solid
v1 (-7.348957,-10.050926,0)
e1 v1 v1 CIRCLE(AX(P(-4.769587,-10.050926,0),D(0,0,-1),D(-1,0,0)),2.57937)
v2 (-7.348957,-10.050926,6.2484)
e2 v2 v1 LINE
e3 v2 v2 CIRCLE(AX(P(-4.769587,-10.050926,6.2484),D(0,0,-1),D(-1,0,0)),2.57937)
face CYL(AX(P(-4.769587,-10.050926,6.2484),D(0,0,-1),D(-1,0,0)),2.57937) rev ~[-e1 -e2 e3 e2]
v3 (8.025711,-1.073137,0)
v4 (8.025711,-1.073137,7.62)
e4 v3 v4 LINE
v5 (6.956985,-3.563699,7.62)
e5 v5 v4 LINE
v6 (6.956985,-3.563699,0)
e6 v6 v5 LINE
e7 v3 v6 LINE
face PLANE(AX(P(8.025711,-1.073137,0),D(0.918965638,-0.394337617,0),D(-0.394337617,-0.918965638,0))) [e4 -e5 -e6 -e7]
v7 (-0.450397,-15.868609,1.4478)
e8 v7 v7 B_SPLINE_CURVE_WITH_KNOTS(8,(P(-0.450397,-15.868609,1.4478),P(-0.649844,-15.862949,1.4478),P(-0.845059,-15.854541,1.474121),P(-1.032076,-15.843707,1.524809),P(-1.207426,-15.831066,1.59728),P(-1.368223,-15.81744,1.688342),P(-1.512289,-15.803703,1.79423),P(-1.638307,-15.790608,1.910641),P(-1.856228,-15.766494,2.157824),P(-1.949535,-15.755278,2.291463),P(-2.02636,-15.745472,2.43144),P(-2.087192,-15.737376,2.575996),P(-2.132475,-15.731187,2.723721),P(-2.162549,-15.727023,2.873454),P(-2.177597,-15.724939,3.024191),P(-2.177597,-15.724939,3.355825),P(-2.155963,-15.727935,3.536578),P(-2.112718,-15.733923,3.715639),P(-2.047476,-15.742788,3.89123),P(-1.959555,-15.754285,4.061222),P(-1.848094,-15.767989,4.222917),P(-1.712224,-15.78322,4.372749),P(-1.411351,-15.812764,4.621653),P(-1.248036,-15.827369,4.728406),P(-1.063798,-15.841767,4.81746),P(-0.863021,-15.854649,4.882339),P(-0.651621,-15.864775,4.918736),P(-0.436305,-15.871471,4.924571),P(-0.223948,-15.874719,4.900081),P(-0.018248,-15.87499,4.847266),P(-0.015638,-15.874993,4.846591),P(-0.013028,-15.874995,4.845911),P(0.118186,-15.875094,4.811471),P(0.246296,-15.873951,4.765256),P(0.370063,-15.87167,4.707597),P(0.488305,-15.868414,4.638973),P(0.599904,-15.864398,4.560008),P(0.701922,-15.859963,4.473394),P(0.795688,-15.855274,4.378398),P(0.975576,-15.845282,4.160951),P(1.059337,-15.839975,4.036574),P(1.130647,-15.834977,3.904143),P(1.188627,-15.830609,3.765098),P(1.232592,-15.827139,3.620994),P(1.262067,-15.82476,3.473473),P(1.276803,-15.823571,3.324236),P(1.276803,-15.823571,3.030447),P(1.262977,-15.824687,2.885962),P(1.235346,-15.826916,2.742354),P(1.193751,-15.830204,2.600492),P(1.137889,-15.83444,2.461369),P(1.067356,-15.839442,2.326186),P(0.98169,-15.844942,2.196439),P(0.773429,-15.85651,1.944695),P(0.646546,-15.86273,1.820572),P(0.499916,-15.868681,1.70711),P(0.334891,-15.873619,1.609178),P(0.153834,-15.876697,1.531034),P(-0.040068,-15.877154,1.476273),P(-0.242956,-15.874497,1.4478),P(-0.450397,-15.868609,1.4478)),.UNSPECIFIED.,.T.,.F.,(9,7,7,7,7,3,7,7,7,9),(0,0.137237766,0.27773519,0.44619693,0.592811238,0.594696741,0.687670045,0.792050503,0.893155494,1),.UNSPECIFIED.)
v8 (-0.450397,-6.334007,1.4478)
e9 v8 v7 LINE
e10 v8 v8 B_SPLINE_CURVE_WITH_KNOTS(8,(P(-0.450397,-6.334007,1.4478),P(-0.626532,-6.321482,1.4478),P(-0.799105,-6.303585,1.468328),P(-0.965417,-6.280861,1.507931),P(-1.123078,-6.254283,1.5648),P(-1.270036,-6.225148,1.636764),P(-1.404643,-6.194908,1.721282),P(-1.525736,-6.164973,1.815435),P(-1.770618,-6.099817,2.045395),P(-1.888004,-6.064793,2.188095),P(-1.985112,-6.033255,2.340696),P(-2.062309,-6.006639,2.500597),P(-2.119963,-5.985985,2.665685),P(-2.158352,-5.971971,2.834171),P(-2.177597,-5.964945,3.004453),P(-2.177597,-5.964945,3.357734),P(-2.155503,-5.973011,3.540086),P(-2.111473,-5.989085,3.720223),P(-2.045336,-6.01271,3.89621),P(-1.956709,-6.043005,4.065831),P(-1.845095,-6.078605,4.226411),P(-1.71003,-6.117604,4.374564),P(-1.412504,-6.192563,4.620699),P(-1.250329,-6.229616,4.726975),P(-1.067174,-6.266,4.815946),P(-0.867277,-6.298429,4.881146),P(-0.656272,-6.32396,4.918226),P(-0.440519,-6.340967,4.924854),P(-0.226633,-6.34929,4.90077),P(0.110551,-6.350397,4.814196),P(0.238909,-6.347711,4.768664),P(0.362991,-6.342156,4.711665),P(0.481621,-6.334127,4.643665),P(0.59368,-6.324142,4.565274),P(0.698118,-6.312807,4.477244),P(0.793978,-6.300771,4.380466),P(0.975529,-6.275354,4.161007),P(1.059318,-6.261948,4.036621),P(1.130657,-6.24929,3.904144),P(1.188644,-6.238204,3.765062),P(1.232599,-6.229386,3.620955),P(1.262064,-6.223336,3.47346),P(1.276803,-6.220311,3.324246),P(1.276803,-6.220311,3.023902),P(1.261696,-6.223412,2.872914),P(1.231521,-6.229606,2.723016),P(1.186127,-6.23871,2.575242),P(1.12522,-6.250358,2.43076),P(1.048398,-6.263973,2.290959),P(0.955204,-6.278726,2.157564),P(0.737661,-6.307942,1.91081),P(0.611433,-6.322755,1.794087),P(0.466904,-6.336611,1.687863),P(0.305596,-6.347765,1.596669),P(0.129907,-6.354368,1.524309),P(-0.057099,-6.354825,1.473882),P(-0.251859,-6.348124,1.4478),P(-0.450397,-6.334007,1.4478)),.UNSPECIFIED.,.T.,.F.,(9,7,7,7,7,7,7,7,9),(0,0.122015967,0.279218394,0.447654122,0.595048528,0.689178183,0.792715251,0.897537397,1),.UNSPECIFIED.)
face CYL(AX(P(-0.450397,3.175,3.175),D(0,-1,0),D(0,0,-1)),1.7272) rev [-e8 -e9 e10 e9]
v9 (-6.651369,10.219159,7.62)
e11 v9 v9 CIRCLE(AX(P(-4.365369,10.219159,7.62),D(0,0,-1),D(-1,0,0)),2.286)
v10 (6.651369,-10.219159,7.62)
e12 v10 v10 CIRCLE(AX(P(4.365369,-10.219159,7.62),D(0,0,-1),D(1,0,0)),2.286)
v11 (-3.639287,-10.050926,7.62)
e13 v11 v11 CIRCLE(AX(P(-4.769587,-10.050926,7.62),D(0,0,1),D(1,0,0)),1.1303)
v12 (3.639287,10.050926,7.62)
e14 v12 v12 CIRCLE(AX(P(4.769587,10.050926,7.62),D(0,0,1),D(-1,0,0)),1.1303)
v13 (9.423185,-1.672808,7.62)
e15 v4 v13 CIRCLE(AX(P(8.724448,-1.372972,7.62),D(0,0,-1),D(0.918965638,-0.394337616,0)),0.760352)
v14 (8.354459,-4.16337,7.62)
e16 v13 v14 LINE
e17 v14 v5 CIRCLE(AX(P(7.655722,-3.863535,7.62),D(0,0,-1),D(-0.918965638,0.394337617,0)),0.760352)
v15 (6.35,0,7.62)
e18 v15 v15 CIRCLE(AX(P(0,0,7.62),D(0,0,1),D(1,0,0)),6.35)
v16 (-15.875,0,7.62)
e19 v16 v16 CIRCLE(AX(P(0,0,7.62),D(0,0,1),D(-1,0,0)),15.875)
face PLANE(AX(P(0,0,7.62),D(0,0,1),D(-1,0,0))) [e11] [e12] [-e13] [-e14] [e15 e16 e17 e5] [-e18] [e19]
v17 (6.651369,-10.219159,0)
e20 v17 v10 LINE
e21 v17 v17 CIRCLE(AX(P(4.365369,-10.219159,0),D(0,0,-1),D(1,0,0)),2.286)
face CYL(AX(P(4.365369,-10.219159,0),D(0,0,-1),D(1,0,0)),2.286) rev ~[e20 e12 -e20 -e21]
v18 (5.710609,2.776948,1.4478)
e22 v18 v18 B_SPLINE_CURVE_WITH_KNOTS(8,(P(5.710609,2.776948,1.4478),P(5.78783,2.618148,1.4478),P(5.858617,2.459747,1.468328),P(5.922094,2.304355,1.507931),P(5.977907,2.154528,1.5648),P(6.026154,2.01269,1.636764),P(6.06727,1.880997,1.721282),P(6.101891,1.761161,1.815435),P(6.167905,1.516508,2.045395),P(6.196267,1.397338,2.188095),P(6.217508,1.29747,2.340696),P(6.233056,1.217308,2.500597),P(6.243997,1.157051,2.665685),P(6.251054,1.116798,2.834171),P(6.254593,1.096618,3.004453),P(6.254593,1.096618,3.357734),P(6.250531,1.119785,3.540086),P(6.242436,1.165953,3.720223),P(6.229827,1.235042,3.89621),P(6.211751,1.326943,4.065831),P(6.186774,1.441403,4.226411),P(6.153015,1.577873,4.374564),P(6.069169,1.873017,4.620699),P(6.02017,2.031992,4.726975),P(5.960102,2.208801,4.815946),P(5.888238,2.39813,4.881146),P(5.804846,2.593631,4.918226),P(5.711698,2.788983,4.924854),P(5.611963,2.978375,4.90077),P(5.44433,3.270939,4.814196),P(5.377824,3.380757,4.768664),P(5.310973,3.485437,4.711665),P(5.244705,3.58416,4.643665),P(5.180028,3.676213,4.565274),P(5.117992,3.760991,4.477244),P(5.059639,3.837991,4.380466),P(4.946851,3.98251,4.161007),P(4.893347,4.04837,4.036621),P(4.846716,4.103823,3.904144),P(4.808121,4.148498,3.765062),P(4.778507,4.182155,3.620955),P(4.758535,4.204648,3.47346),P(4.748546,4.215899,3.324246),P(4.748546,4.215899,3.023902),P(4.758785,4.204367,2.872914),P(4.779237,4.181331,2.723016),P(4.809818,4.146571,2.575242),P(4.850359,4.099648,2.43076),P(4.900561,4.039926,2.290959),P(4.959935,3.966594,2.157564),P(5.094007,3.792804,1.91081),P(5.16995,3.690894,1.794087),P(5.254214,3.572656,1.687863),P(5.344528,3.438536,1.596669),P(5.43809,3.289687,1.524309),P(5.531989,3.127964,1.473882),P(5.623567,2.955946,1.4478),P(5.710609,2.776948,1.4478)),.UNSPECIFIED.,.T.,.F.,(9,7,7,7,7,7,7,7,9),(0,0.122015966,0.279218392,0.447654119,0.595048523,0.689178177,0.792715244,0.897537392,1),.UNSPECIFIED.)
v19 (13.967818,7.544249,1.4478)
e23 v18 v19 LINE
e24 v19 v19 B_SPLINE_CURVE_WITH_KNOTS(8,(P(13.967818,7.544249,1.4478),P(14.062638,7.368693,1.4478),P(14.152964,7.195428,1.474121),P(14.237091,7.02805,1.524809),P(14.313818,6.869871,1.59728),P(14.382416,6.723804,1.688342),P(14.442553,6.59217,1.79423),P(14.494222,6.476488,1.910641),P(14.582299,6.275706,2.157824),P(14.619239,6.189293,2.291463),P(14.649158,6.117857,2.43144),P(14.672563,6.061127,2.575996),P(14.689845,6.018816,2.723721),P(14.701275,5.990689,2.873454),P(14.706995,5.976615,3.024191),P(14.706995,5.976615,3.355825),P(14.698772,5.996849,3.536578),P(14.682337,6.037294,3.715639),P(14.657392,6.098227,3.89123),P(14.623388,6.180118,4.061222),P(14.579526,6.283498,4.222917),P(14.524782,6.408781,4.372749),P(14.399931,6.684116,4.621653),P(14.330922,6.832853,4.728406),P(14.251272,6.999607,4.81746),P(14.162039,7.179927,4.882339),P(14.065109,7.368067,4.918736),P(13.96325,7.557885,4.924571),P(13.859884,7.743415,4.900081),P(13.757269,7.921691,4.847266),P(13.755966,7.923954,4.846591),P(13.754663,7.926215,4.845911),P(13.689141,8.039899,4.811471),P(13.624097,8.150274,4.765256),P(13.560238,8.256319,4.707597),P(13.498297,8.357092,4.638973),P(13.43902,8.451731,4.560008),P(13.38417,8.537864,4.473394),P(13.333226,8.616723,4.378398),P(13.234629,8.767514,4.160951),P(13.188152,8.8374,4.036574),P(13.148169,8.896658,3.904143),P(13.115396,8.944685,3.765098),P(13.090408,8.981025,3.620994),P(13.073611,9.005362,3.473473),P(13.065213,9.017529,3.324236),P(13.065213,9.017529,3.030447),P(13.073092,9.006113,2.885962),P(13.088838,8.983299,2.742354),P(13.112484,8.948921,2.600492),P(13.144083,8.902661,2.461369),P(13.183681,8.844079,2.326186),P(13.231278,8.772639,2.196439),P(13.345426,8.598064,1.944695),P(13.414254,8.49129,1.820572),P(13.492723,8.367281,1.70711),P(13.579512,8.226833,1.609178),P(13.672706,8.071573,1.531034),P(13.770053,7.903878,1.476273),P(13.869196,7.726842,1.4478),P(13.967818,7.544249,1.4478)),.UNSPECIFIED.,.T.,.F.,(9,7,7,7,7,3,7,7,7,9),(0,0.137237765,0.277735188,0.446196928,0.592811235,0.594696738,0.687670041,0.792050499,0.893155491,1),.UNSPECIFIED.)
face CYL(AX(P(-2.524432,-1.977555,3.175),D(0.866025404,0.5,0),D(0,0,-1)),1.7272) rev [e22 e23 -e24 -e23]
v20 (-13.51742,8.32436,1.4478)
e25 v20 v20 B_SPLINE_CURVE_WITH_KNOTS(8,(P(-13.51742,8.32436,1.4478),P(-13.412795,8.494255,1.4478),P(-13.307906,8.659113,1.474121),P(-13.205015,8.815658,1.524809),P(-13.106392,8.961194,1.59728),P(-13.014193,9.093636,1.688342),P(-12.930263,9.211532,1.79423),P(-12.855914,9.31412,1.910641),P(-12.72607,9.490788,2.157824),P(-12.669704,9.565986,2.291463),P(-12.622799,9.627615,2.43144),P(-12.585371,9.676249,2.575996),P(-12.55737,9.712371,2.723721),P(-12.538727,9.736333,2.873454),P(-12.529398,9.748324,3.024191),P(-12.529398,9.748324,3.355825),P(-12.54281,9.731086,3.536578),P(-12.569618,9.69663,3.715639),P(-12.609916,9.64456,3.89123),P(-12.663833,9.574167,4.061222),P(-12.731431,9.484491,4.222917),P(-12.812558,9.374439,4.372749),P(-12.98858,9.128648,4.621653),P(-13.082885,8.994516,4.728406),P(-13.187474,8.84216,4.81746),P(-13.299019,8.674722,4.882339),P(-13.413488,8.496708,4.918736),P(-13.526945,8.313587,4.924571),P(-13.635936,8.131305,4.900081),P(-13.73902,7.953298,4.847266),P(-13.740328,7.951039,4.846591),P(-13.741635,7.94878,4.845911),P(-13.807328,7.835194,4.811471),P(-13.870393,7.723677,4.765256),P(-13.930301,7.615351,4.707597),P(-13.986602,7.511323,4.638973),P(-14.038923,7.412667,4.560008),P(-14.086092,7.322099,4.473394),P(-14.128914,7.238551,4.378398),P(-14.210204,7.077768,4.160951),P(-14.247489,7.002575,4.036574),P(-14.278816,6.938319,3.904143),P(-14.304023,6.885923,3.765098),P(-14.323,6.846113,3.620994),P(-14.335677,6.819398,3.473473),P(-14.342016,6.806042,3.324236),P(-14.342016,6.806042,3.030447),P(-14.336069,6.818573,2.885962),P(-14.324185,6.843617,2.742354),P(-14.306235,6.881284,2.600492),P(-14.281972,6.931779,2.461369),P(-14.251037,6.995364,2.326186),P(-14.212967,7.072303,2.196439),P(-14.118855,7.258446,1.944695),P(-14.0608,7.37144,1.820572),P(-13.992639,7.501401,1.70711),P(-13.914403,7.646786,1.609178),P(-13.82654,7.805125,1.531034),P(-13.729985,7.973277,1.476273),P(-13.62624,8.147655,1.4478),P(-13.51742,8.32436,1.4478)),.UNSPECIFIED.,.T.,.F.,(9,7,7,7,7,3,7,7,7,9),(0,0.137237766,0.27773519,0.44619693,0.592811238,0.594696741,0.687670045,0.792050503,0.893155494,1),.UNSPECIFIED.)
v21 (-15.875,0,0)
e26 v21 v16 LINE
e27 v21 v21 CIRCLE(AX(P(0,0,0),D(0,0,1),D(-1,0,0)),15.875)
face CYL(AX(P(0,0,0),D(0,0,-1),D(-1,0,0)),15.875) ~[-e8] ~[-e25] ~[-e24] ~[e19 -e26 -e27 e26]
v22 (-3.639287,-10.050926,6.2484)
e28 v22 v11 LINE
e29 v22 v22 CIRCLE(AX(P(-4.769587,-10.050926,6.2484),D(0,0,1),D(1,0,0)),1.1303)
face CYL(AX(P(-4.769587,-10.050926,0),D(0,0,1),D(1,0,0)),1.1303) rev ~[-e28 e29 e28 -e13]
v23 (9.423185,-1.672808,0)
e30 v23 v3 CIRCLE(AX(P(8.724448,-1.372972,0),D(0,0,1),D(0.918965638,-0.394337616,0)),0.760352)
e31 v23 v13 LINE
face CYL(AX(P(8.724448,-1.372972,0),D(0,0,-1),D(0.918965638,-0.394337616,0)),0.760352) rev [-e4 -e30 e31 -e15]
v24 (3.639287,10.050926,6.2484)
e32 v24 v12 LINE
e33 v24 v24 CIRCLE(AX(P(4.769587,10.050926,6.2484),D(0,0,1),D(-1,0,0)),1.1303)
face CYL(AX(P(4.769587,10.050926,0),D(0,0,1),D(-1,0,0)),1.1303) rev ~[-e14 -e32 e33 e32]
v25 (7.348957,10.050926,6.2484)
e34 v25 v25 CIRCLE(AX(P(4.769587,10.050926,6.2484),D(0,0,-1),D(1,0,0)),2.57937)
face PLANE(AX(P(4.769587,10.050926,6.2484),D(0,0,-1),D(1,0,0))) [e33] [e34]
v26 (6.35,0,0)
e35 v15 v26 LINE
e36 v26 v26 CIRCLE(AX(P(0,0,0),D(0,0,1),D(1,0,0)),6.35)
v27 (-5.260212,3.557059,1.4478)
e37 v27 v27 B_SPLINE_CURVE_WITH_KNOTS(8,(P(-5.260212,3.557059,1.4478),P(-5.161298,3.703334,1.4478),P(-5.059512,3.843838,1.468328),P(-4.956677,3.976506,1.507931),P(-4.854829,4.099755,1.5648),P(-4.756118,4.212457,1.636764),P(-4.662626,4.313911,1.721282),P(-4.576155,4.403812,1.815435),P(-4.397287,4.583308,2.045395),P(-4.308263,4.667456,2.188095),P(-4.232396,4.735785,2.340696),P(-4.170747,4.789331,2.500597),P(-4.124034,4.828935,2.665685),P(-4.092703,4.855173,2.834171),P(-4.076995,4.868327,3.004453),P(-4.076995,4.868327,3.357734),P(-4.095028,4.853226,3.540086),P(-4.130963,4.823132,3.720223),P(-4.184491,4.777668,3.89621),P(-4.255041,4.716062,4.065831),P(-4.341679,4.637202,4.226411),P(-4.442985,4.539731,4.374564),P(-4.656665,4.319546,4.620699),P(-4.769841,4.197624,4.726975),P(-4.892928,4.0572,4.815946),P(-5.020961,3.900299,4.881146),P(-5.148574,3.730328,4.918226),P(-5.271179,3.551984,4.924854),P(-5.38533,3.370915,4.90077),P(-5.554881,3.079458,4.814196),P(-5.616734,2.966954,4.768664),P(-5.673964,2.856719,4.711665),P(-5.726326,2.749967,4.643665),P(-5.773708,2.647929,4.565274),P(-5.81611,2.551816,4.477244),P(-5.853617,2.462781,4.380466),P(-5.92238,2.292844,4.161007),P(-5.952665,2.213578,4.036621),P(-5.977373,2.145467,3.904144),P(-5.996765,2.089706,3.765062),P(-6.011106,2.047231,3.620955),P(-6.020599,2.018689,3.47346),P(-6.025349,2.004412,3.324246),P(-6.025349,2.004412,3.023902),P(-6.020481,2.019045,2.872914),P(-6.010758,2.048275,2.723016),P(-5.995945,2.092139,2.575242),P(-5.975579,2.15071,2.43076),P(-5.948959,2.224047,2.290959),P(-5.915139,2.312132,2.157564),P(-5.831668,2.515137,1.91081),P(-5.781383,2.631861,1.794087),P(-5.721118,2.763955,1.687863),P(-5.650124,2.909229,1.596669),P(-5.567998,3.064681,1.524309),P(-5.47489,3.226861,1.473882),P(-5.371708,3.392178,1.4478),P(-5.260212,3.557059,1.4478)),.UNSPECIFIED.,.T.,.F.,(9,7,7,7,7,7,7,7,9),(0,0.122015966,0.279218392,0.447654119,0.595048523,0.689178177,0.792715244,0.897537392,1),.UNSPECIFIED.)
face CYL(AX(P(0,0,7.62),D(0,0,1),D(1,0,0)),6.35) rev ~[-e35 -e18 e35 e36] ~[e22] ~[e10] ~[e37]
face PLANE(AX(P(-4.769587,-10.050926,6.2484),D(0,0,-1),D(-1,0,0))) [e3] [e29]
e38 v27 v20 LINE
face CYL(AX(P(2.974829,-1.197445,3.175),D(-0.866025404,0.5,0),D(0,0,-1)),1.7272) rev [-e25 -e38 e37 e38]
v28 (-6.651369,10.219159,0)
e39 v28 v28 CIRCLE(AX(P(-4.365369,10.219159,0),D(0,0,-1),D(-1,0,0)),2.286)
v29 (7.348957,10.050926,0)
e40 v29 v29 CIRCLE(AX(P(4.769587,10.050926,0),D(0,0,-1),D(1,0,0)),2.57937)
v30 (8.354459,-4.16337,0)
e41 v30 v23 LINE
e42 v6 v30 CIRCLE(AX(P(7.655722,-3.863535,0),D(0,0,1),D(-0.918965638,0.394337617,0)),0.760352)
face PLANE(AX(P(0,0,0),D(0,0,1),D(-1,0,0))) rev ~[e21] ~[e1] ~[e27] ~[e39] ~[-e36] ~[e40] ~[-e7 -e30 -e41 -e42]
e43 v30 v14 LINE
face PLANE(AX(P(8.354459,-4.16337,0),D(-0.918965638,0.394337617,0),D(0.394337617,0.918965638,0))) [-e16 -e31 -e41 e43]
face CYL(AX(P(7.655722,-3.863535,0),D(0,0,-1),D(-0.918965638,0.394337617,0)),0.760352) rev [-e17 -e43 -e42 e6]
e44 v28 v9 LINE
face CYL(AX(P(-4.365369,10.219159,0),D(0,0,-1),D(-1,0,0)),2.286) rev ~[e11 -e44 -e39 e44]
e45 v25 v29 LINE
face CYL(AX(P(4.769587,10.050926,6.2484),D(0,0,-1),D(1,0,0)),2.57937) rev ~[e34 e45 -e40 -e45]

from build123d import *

# Parameters (mm, degrees)
SKETCH1_R                                      = 15.875
BOSS_EXTRUDE1_DEPTH                            = 7.62
SKETCH2_R                                      = 6.35
CUT_EXTRUDE1_DEPTH                             = 24.708556472
CIRPATTERN1_COUNT                              = 3
CBORE_FOR_2_BUTTON_HEAD_CAP_SCREW1_D           = 2.2606
CBORE_FOR_2_BUTTON_HEAD_CAP_SCREW1_CBORE_D     = 5.15874
CBORE_FOR_2_BUTTON_HEAD_CAP_SCREW1_CBORE_DEPTH = 6.2484
CIRPATTERN2_COUNT                              = 2
SKETCH42_R                                     = 2.286
CUT_EXTRUDE2_DEPTH                             = 7.62
CIRPATTERN3_COUNT                              = 2
CUT_EXTRUDE3_DEPTH                             = 24.70855664


with BuildPart() as part:
    # Sketch1 → Boss-Extrude1 (new body)
    with BuildSketch(Plane.XY):
        with Locations(Location((0, 0, 0), (0, 0, 180))):
            Circle(SKETCH1_R)
    extrude(amount=BOSS_EXTRUDE1_DEPTH)

    # Sketch2 → Cut-Extrude1 (cut, through all)
    with BuildSketch(Plane.XY.offset(7.62)):
        Circle(SKETCH2_R)
    extrude(amount=-CUT_EXTRUDE1_DEPTH, mode=Mode.SUBTRACT)

    # Sketch36 → Tap Drill for #8-32 Tap1 (revolve, cut)
    with BuildSketch(Plane(origin=(-0.450397279, -15.875, 3.175), x_dir=(0, 0, -1), z_dir=(1, 0, 0))):
        Polygon((0, 0), (0, 20.499292883), (1.7272, 19.05), (1.7272, 0), align=None)
    tap_drill_for_8_32_tap1 = revolve(axis=Axis((-0.450397279, -22.225, 3.175), (0, 1, 0)), mode=Mode.SUBTRACT)

    # CirPattern1: Tap Drill for #8-32 Tap1 ×3 about axis
    cirpattern1_axis = Axis((0, 0, 7.62), (0, 0, -1))
    for i in range(1, CIRPATTERN1_COUNT):
        add(tap_drill_for_8_32_tap1.rotate(cirpattern1_axis, i * 360 / CIRPATTERN1_COUNT), mode=Mode.SUBTRACT)

    # CBORE for #2 Button Head Cap Screw1 (through all)
    with Locations(Plane(origin=(0, 0, 0), x_dir=(-1, 0, 0), z_dir=(0, 0, -1))):
        with Locations((4.769587089, -10.050926029)):
            cbore_for_2_button_head_cap_screw1 = CounterBoreHole(CBORE_FOR_2_BUTTON_HEAD_CAP_SCREW1_D / 2, CBORE_FOR_2_BUTTON_HEAD_CAP_SCREW1_CBORE_D / 2, CBORE_FOR_2_BUTTON_HEAD_CAP_SCREW1_CBORE_DEPTH)

    # CirPattern2: CBORE for #2 Button Head Cap Screw1 ×2 about axis
    cirpattern2_axis = Axis((0, 0, 0), (0, 0, 1))
    for i in range(1, CIRPATTERN2_COUNT):
        add(cbore_for_2_button_head_cap_screw1.rotate(cirpattern2_axis, i * 360 / CIRPATTERN2_COUNT), mode=Mode.SUBTRACT)

    # Sketch42 → Cut-Extrude2 (cut)
    with BuildSketch(Plane(origin=(0, 0, 0), x_dir=(-1, 0, 0), z_dir=(0, 0, -1))):
        with Locations((4.365368762, 10.219159056)):
            Circle(SKETCH42_R)
    cut_extrude2 = extrude(amount=-CUT_EXTRUDE2_DEPTH, mode=Mode.SUBTRACT)

    # CirPattern3: Cut-Extrude2 ×2 about axis
    cirpattern3_axis = Axis((0, 0, 0), (0, 0, 1))
    for i in range(1, CIRPATTERN3_COUNT):
        add(cut_extrude2.rotate(cirpattern3_axis, i * 360 / CIRPATTERN3_COUNT), mode=Mode.SUBTRACT)

    # Sketch43 → Cut-Extrude3 (cut, through all)
    with BuildSketch(Plane(origin=(0, 0, 0), x_dir=(-1, 0, 0), z_dir=(0, 0, -1))):
        with BuildLine():
            Line((-8.025711128, -1.073137194), (-6.956985206, -3.563699487))
            ThreePointArc((-6.956985206, -3.563699487), (-7.355887027, -4.562271884), (-8.354459424, -4.163370063))
            Line((-8.354459424, -4.163370063), (-9.423185347, -1.67280777))
            ThreePointArc((-9.423185347, -1.67280777), (-9.024283525, -0.674235373), (-8.025711128, -1.073137194))
        make_face()
    extrude(amount=-CUT_EXTRUDE3_DEPTH, mode=Mode.SUBTRACT)


solid = part.part
